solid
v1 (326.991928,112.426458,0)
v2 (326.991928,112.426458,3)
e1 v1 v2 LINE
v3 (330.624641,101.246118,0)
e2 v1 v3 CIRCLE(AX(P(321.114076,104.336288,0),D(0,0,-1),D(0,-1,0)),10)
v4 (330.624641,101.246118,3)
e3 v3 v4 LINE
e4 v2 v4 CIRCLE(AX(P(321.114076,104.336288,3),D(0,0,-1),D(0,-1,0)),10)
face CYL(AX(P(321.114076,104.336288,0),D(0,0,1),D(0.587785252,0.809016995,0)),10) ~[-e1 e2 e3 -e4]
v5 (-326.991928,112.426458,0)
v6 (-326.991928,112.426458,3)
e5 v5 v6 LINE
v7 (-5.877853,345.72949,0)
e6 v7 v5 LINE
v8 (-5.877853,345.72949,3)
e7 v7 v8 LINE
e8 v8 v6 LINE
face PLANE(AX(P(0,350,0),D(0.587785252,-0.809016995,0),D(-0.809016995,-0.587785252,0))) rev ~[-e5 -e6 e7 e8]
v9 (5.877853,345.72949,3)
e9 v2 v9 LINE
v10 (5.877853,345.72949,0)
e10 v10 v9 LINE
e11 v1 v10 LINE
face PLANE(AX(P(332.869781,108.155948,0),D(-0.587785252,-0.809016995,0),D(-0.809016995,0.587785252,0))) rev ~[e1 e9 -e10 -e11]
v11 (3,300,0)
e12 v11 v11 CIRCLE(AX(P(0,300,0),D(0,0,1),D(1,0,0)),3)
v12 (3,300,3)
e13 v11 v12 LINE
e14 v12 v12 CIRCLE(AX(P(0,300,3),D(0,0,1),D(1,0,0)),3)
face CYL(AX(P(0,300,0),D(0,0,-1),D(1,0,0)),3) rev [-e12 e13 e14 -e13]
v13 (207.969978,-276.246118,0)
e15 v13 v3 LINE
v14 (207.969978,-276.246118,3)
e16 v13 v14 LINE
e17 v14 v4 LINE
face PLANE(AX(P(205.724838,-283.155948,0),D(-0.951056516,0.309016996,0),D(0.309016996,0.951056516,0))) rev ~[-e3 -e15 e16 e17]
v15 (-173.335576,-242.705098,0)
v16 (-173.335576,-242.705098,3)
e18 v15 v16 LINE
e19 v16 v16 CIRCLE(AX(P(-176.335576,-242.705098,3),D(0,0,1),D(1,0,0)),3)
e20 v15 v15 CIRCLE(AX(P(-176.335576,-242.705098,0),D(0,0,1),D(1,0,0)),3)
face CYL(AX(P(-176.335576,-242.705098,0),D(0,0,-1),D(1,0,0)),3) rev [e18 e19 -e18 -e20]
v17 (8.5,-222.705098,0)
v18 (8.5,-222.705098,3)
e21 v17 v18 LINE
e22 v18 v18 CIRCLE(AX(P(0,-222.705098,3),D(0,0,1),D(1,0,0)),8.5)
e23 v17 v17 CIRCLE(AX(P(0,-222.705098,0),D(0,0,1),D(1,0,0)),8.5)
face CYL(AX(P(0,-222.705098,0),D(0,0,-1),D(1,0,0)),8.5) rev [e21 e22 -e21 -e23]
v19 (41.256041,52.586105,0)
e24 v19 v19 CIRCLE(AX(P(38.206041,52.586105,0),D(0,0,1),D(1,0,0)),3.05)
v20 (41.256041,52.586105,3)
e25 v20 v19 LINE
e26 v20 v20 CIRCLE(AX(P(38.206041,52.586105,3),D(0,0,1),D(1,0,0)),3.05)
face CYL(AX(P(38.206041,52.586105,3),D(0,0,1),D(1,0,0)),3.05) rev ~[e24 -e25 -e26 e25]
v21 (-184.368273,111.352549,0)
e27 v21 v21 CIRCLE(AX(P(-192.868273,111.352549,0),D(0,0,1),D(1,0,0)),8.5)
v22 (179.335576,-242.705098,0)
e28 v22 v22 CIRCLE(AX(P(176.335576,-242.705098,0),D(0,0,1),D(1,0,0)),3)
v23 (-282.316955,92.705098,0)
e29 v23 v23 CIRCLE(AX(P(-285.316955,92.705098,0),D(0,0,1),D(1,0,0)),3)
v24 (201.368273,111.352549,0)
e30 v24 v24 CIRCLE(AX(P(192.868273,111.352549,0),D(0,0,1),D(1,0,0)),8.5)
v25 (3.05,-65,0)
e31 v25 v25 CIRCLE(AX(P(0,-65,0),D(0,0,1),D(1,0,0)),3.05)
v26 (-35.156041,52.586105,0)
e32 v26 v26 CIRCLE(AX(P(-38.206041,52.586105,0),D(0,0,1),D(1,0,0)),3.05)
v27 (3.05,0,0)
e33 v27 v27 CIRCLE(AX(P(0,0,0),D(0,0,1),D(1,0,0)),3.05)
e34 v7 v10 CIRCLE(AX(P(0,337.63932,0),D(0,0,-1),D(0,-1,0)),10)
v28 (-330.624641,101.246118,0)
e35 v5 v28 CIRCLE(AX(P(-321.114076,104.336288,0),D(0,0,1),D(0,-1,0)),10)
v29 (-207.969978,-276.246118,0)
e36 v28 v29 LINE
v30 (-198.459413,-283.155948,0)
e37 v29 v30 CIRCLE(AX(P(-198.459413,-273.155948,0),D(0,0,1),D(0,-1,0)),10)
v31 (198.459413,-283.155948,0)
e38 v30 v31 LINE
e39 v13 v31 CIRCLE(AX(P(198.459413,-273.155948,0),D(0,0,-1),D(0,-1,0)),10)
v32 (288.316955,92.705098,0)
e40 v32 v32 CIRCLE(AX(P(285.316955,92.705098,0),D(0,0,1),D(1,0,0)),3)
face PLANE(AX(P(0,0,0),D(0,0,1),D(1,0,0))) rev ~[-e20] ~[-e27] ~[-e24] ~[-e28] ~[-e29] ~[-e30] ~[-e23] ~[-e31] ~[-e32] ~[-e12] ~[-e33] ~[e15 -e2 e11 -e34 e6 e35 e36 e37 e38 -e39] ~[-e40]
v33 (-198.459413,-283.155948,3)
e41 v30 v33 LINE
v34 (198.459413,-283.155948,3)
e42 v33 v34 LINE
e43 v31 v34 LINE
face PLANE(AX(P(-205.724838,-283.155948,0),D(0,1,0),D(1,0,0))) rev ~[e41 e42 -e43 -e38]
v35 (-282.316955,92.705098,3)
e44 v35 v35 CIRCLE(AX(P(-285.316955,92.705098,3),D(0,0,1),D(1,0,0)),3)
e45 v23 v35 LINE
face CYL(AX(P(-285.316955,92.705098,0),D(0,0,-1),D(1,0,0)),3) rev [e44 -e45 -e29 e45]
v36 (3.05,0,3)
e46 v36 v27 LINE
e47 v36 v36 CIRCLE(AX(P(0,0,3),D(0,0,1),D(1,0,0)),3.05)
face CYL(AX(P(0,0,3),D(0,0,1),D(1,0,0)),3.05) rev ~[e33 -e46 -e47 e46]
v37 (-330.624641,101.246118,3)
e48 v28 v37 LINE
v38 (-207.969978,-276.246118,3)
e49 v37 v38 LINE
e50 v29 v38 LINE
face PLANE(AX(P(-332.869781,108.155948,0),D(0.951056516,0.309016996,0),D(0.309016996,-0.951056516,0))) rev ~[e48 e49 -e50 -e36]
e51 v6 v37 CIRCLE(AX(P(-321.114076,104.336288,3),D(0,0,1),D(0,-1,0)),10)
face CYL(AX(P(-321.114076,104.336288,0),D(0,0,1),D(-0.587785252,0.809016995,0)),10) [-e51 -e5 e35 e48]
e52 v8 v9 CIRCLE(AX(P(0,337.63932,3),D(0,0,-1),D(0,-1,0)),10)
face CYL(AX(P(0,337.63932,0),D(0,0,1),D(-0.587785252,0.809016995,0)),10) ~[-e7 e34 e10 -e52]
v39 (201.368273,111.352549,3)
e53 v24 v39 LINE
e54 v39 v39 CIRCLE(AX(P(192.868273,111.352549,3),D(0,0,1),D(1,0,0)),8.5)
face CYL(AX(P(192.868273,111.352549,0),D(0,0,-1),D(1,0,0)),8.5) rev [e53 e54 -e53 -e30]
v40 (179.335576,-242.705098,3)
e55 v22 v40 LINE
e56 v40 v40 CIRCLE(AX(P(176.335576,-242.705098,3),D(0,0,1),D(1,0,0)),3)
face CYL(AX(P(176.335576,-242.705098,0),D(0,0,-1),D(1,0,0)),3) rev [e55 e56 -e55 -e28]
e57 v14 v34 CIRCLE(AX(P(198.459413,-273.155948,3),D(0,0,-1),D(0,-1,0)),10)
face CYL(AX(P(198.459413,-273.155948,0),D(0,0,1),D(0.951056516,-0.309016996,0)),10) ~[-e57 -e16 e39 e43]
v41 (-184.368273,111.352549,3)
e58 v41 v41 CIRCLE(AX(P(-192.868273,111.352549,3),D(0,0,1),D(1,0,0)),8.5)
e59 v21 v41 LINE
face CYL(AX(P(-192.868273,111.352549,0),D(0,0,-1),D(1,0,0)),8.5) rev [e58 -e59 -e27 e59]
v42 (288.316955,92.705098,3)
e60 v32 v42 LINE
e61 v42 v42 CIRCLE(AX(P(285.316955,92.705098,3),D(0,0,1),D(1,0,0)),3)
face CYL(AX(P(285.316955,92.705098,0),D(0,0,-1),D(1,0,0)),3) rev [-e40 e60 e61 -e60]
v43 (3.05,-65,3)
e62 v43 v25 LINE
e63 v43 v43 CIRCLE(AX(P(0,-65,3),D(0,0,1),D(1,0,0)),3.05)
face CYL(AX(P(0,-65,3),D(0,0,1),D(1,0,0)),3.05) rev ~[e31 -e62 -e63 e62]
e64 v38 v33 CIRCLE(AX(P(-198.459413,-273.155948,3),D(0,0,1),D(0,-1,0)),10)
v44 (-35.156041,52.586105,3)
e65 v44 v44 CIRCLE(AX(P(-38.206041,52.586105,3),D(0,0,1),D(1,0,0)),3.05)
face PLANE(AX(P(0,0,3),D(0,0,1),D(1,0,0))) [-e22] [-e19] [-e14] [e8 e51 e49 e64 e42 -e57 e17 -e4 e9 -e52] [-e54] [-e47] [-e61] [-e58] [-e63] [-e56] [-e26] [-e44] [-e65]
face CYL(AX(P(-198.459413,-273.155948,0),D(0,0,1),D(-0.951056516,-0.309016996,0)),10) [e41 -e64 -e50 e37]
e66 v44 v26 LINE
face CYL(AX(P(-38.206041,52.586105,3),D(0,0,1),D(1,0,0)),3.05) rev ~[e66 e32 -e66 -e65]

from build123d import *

# Parameters (mm, degrees)
SKETCH_R    = 8.5
SKETCH_R_2  = 3
PAD_DEPTH   = 3
SKETCH001_R = 3.05
HOLE_DEPTH  = 3.001
FILLET_R    = 10


with BuildPart() as part:
    # Sketch → Pad (new body)
    with BuildSketch(Plane.XY):
        Polygon((0, 350), (-332.869781, 108.155948), (-205.724838, -283.155948), (205.724838, -283.155948), (332.869781, 108.155948), align=None)
        with Locations((0, -222.705098)):
            Circle(SKETCH_R, mode=Mode.SUBTRACT)
        with Locations((-192.868273, 111.352549)):
            Circle(SKETCH_R, mode=Mode.SUBTRACT)
        with Locations((192.868273, 111.352549)):
            Circle(SKETCH_R, mode=Mode.SUBTRACT)
        with Locations((-176.335576, -242.705098)):
            Circle(SKETCH_R_2, mode=Mode.SUBTRACT)
        with Locations((176.335576, -242.705098)):
            Circle(SKETCH_R_2, mode=Mode.SUBTRACT)
        with Locations((285.316955, 92.705098)):
            Circle(SKETCH_R_2, mode=Mode.SUBTRACT)
        with Locations((-285.316955, 92.705098)):
            Circle(SKETCH_R_2, mode=Mode.SUBTRACT)
        with Locations((0, 300)):
            Circle(SKETCH_R_2, mode=Mode.SUBTRACT)
    extrude(amount=PAD_DEPTH)

    # Sketch001 (on Face15 of Pad) → Hole (cut, through all)
    with BuildSketch(Plane.XY.offset(3)):
        with Locations((-38.206041, 52.586105)):
            Circle(SKETCH001_R)
        with Locations((38.206041, 52.586105)):
            Circle(SKETCH001_R)
        with Locations((0, -65)):
            Circle(SKETCH001_R)
        Circle(SKETCH001_R)
    extrude(amount=-HOLE_DEPTH, mode=Mode.SUBTRACT)

    # Fillet
    fillet_edges = [part.edges().sort_by_distance(p)[0] for p in [
        (-332.869781, 108.155948, 1.5),
        (0, 350, 1.5),
        (332.869781, 108.155948, 1.5),
        (205.724838, -283.155948, 1.5),
        (-205.724838, -283.155948, 1.5),
    ]]
    fillet(fillet_edges, radius=FILLET_R)


solid = part.part
